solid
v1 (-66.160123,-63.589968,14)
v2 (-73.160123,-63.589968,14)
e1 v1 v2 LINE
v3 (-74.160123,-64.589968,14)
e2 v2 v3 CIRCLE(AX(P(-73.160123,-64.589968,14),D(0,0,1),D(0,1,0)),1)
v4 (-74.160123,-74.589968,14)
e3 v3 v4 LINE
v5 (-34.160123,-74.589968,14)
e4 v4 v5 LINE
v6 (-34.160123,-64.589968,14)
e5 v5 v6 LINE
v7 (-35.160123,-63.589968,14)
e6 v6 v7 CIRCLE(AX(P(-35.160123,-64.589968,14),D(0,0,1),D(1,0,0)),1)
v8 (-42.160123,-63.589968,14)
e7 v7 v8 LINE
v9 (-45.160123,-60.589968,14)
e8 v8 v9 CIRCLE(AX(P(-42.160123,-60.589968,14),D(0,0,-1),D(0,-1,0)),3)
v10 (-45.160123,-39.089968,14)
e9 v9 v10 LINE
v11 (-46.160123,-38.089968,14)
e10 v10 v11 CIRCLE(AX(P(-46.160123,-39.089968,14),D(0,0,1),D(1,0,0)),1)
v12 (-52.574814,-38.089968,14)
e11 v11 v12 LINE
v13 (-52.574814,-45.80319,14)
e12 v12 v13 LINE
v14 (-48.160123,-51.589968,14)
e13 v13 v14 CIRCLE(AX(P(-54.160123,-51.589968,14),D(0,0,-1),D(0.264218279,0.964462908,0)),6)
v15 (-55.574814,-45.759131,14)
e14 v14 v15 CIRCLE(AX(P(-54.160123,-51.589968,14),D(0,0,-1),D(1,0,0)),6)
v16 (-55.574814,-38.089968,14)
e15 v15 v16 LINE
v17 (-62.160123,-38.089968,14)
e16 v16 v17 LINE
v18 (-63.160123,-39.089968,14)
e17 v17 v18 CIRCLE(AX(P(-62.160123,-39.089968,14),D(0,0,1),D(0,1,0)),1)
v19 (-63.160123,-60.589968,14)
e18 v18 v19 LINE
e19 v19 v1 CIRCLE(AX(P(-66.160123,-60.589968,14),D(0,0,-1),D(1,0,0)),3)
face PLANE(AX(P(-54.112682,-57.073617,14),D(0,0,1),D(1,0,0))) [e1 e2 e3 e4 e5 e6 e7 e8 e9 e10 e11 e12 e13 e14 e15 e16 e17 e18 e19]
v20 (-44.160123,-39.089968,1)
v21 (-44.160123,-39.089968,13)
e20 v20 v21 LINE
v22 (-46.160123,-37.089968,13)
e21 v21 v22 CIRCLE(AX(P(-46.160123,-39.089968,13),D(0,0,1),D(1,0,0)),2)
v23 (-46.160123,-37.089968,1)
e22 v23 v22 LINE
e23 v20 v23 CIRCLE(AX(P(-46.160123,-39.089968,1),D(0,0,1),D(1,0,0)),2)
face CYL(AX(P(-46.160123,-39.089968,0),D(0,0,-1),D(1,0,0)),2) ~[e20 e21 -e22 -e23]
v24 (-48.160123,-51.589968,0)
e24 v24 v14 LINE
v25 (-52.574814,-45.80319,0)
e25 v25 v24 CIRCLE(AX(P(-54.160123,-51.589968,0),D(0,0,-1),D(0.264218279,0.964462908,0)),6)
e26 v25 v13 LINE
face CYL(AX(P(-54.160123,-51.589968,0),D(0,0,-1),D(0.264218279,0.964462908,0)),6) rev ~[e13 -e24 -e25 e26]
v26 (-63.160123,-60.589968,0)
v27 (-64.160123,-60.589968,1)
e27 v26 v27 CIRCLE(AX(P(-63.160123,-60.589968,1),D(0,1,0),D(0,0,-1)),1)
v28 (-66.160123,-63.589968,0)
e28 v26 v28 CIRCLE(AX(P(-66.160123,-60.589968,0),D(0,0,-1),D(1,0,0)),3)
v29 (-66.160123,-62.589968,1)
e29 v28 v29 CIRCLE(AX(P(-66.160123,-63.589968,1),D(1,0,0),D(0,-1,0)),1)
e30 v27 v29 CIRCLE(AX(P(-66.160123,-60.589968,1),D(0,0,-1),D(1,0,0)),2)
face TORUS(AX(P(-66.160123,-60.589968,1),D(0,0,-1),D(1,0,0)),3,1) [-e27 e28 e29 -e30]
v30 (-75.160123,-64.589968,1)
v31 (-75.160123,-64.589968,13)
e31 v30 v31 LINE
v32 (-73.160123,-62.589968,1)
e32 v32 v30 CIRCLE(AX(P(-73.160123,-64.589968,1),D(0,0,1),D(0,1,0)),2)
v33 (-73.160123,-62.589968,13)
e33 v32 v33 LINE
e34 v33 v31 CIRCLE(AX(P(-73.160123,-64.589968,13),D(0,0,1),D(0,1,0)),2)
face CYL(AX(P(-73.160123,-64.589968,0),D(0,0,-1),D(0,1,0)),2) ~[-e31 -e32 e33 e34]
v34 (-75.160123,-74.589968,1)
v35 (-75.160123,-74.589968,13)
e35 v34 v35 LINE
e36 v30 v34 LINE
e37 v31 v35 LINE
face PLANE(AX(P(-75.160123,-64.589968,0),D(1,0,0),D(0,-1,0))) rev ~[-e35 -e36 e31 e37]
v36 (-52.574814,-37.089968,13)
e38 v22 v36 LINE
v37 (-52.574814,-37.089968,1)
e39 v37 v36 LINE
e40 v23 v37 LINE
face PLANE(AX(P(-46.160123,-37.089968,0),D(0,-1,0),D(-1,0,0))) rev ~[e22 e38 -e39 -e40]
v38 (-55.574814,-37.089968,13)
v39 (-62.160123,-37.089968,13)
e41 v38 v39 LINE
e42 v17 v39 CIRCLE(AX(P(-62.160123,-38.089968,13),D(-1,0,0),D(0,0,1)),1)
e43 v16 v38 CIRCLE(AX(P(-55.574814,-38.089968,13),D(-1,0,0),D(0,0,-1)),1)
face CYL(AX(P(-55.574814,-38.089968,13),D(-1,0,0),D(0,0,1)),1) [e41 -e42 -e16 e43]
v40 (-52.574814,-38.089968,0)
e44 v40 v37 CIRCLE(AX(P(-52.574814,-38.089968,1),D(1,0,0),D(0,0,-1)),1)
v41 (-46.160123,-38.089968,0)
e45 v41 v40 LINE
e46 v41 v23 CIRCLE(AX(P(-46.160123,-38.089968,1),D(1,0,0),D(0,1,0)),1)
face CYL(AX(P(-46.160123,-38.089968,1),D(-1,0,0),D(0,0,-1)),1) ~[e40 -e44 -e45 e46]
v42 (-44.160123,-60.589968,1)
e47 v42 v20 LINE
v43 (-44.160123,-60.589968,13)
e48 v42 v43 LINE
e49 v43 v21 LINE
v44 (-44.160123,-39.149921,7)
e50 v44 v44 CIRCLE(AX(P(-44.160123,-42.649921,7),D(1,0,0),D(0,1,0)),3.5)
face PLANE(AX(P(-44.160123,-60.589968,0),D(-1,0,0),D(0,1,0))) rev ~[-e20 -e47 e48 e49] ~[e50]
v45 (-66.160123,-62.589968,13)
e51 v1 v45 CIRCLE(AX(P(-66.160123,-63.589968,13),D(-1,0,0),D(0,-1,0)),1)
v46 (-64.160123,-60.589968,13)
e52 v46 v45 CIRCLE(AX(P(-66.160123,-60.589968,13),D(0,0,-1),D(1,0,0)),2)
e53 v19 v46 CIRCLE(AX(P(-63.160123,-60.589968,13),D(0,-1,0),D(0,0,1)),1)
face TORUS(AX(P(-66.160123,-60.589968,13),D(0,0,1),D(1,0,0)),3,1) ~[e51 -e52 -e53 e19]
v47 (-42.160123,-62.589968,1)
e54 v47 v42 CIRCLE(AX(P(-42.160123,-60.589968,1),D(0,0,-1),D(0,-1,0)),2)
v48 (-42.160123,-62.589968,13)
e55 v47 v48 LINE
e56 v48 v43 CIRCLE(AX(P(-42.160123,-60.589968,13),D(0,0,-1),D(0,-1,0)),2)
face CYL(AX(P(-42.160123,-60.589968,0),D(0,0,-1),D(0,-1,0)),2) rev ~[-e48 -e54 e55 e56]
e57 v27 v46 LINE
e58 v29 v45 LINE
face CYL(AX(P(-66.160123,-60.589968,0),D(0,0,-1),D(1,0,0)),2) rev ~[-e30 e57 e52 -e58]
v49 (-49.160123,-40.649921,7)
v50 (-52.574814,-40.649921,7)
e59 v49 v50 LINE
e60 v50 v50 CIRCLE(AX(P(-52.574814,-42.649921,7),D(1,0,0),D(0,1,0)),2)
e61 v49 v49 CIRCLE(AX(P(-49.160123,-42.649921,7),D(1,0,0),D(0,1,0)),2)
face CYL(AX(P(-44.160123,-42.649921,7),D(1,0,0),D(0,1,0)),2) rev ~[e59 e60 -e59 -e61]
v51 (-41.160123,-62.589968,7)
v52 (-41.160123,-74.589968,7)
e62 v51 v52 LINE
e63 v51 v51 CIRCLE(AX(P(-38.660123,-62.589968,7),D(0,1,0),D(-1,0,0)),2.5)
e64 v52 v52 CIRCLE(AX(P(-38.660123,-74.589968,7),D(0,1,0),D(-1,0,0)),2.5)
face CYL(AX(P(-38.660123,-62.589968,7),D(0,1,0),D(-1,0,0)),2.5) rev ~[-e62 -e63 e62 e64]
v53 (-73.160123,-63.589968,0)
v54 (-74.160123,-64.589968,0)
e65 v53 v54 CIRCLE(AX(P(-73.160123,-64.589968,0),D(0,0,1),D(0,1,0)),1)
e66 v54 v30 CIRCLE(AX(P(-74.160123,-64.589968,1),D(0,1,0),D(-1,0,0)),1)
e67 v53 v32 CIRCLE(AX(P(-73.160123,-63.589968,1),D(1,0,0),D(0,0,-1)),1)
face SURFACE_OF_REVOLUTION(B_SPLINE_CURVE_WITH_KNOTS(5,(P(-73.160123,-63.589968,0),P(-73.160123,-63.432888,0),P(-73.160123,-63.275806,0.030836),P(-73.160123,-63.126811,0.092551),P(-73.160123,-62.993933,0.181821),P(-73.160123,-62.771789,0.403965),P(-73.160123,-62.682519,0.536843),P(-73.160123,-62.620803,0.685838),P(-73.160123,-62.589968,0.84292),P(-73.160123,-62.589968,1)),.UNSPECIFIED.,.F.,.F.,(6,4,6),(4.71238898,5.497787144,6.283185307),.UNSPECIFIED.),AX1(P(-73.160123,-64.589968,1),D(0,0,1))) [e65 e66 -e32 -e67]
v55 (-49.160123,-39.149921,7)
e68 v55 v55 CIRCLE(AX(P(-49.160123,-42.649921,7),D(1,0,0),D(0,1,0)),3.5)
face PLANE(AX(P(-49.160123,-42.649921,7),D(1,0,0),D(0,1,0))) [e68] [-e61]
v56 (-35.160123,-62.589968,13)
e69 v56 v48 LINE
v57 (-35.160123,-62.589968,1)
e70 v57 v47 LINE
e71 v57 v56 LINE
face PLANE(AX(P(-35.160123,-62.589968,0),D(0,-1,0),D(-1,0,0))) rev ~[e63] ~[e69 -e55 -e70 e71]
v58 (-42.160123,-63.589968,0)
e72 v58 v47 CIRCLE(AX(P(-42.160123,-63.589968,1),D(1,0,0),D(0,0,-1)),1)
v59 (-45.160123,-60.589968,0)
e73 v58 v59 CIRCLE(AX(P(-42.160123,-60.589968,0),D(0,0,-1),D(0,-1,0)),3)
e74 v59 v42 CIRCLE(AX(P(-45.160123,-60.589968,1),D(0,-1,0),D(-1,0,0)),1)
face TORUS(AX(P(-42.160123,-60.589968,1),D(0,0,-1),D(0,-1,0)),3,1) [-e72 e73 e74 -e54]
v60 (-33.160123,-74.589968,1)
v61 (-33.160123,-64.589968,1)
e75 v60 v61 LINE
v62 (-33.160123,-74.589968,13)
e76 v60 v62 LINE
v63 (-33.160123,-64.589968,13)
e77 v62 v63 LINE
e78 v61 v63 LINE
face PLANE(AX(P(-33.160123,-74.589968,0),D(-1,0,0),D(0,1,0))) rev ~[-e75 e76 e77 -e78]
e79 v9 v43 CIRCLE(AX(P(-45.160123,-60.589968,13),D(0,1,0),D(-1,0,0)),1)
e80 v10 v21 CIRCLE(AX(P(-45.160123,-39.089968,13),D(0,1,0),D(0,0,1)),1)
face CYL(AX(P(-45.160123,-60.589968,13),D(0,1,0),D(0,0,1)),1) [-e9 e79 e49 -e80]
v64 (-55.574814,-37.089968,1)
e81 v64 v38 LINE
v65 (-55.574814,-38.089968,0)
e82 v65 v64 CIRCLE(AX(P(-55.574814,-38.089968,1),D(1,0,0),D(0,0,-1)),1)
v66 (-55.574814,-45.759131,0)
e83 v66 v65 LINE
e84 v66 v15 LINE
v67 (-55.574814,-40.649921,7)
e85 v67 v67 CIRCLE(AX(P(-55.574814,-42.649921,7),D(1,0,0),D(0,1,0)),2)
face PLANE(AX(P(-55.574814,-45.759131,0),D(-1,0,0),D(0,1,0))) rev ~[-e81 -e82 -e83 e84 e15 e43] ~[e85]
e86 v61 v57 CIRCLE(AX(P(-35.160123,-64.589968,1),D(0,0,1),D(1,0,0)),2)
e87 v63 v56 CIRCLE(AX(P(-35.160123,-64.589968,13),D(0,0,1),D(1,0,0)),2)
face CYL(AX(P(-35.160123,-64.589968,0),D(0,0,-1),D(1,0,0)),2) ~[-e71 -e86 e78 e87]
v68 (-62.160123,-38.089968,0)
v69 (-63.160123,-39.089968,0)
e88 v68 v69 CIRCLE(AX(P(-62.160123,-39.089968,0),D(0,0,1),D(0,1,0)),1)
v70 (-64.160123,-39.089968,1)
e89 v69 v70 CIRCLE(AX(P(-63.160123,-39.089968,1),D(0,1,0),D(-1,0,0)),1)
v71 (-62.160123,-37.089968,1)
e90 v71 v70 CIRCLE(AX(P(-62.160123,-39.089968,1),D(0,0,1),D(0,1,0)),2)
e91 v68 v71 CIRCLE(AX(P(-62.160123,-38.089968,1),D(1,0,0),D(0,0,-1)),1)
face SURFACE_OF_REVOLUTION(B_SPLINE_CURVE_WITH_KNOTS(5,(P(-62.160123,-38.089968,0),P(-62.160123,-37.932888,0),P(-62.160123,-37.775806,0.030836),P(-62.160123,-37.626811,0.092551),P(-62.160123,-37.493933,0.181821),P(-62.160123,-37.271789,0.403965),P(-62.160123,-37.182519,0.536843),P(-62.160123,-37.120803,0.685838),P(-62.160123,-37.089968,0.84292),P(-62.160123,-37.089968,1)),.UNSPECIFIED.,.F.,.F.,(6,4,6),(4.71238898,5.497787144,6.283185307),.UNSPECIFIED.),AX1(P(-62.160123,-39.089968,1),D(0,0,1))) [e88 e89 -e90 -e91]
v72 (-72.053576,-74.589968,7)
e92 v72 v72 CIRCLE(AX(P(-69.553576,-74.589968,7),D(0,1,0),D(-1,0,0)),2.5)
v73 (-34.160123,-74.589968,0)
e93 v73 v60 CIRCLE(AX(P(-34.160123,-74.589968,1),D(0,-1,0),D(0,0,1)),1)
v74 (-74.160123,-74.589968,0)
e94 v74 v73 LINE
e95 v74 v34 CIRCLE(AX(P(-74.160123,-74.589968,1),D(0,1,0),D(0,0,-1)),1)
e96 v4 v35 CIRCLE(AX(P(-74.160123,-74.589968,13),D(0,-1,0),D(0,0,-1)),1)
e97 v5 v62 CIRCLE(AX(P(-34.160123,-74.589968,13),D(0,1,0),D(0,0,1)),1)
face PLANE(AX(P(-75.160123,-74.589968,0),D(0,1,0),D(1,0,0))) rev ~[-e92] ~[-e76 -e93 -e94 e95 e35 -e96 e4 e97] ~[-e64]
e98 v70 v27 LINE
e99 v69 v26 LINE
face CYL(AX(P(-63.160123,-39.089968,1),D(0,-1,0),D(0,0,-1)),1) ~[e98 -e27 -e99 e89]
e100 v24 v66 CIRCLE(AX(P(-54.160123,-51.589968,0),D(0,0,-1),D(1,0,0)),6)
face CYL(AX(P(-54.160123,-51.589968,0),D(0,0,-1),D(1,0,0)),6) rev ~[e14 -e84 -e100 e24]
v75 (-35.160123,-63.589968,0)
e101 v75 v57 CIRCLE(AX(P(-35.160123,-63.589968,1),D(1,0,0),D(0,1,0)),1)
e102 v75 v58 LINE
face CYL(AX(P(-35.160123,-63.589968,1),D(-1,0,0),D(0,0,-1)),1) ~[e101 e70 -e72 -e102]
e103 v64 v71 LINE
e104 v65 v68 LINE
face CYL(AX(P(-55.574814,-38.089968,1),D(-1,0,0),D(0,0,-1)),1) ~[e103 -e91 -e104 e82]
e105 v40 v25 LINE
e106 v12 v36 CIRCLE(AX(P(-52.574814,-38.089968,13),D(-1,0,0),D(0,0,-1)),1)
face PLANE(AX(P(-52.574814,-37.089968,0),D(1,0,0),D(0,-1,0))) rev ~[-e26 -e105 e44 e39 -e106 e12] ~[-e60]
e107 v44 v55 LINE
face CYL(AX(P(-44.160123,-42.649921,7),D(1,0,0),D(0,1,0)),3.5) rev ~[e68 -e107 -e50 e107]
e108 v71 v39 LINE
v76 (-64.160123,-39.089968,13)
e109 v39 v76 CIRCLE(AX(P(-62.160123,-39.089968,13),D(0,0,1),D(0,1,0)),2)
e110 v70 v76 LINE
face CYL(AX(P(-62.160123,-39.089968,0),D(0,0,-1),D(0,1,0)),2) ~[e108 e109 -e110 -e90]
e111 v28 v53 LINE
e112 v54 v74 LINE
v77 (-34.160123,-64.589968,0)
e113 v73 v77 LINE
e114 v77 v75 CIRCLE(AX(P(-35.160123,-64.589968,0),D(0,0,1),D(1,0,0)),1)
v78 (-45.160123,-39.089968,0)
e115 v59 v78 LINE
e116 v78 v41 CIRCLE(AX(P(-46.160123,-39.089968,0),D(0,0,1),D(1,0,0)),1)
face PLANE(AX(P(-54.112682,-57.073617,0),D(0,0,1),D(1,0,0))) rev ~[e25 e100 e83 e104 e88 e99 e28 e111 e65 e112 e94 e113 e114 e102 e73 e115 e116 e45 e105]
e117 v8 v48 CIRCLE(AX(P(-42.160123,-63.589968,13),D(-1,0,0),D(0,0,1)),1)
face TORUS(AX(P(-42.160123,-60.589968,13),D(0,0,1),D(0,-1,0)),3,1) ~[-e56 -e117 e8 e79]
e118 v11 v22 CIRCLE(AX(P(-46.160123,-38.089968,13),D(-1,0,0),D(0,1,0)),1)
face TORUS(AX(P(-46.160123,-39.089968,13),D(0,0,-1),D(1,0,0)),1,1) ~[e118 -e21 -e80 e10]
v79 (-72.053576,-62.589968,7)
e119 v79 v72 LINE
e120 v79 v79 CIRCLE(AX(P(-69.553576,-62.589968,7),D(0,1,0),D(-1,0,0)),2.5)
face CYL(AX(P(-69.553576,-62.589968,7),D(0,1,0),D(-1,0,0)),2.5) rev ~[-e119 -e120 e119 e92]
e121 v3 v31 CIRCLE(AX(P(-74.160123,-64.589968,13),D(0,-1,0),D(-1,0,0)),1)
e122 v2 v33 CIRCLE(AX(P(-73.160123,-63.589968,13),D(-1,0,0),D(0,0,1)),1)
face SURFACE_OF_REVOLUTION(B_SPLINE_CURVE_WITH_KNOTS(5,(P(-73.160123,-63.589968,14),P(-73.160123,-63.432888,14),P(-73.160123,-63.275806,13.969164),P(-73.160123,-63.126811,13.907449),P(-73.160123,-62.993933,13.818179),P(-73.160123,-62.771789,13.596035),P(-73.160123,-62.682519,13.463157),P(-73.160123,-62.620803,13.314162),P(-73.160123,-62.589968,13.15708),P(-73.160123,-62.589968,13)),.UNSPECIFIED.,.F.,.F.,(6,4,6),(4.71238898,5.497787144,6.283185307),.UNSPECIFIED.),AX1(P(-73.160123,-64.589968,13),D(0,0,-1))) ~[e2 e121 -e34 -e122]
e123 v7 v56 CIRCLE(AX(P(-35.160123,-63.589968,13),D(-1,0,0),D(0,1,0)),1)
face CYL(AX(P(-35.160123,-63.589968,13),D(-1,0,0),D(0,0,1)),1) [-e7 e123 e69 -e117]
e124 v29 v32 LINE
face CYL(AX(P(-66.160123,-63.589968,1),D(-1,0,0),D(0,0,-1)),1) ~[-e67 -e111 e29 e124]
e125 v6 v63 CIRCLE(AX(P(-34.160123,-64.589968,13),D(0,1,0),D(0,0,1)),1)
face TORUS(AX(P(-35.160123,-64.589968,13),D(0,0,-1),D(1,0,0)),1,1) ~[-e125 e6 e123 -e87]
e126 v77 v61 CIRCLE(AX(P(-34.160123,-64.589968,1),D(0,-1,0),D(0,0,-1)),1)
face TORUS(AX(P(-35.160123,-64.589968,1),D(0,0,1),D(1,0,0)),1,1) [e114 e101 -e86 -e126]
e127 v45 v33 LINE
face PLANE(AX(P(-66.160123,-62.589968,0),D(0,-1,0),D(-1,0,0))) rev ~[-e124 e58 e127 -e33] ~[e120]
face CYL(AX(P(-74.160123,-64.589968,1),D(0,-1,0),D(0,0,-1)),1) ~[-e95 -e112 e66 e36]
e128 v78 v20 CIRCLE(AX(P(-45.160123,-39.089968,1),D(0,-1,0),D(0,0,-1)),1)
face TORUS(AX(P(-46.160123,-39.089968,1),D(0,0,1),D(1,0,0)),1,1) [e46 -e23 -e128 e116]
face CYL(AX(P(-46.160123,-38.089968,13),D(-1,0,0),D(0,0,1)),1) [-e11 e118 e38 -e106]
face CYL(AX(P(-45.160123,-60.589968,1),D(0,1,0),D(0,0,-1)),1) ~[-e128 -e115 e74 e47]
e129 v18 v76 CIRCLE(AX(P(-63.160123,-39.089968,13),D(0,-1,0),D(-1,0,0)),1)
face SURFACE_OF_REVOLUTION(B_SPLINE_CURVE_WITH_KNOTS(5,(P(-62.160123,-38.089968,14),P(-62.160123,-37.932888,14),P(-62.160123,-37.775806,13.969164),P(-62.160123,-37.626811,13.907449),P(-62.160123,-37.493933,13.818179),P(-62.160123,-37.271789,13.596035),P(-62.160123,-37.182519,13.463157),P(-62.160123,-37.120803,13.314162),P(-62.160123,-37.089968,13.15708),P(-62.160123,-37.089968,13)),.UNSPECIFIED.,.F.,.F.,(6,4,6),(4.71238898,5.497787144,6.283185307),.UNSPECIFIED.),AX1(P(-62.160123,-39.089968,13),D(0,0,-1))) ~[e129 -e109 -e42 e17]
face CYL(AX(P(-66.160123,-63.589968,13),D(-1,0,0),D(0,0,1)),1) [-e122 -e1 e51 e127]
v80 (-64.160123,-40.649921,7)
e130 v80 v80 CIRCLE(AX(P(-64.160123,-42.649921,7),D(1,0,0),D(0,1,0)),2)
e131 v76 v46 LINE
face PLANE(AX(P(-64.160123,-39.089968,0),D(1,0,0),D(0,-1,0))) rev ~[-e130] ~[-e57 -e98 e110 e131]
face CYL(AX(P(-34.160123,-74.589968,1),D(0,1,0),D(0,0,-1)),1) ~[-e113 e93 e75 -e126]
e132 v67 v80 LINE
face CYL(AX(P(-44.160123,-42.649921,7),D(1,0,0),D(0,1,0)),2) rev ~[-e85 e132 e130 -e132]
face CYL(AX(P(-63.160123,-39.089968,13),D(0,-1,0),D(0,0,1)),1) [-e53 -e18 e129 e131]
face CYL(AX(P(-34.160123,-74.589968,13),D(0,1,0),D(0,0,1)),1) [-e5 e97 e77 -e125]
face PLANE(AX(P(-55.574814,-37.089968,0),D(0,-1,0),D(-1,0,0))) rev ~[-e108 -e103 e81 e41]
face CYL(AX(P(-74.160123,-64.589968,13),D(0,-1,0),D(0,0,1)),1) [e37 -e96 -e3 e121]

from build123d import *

# Parameters (mm, degrees)
F1_DEPTH = 14
F2_R     = 3.5
F2_R_2   = 2
F3_DEPTH = 5
F4_DEPTH = 25
F5_R     = 2.5
F6_DEPTH = 25
F7_R     = 1


with BuildPart() as f1:
    # F0 (on Top) → F1 (new body)
    with BuildSketch(Plane.XY):
        with BuildLine():
            Line((-75.1601234078, -64.5899677277), (-75.1601234078, -74.5899677277))
            Line((-75.1601234078, -74.5899677277), (-33.1601234078, -74.5899677277))
            Line((-33.1601234078, -74.5899677277), (-33.1601234078, -64.5899677277))
            ThreePointArc((-33.1601234078, -64.5899677277), (-33.7459098455, -63.1757541653), (-35.1601234078, -62.5899677277))
            Line((-35.1601234078, -62.5899677277), (-42.1601234078, -62.5899677277))
            ThreePointArc((-42.1601234078, -62.5899677277), (-43.5743369702, -62.00418129), (-44.1601234078, -60.5899677277))
            Line((-44.1601234078, -60.5899677277), (-44.1601234078, -39.0899677277))
            ThreePointArc((-44.1601234078, -39.0899677277), (-44.7459098455, -37.6757541653), (-46.1601234078, -37.0899677277))
            Line((-46.1601234078, -37.0899677277), (-52.5748137326, -37.0899677277))
            Line((-52.5748137326, -37.0899677277), (-52.5748137326, -45.8031902796))
            ThreePointArc((-52.5748137326, -45.8031902796), (-49.3898059105, -47.9507272885), (-48.1601234078, -51.5899677277))
            ThreePointArc((-48.1601234078, -51.5899677277), (-57.8690220349, -56.3063297763), (-55.5748137326, -45.7591314853))
            Line((-55.5748137326, -45.7591314853), (-55.5748137326, -37.0899677277))
            Line((-55.5748137326, -37.0899677277), (-62.1601234078, -37.0899677277))
            ThreePointArc((-62.1601234078, -37.0899677277), (-63.5743369702, -37.6757541653), (-64.1601234078, -39.0899677277))
            Line((-64.1601234078, -39.0899677277), (-64.1601234078, -60.5899677277))
            ThreePointArc((-64.1601234078, -60.5899677277), (-64.7459098455, -62.00418129), (-66.1601234078, -62.5899677277))
            Line((-66.1601234078, -62.5899677277), (-73.1601234078, -62.5899677277))
            ThreePointArc((-73.1601234078, -62.5899677277), (-74.5743369702, -63.1757541653), (-75.1601234078, -64.5899677277))
        make_face()
    extrude(amount=F1_DEPTH)

    # F2 (on face) → F3 (cut)
    with BuildSketch(Plane.YZ.offset(-44.1601234078)):
        with Locations((-42.6499210298, 7)):
            Circle(F2_R)
        with Locations((-42.6499210298, 7)):
            Circle(F2_R_2, mode=Mode.SUBTRACT)
    extrude(amount=-F3_DEPTH, mode=Mode.SUBTRACT)

    # F4 (cut): a face of the model
    f4_faces = [f1.faces().sort_by_distance(p)[0] for p in [
        (-44.1601234078, -42.6499210298, 7),
    ]]
    extrude(f4_faces, amount=-F4_DEPTH, mode=Mode.SUBTRACT)

    # F5 (on face) → F6 (cut)
    with BuildSketch(Plane(origin=(0, -62.5899677277, 0), x_dir=(-1, 0, 0), z_dir=(0, 1, 0))):
        with Locations((38.6601234078, 7)):
            Circle(F5_R)
        with Locations((69.5535764098, 7)):
            Circle(F5_R)
    extrude(amount=-F6_DEPTH, mode=Mode.SUBTRACT)

    # F7
    f7_edges = [f1.edges().sort_by_distance(p)[0] for p in [
        (-44.160123, -49.839968, 14),
        (-64.160123, -49.839968, 14),
        (-44.160123, -49.839968, 0),
        (-64.160123, -49.839968, 0),
    ]]
    fillet(f7_edges, radius=F7_R)


solid = f1.part
